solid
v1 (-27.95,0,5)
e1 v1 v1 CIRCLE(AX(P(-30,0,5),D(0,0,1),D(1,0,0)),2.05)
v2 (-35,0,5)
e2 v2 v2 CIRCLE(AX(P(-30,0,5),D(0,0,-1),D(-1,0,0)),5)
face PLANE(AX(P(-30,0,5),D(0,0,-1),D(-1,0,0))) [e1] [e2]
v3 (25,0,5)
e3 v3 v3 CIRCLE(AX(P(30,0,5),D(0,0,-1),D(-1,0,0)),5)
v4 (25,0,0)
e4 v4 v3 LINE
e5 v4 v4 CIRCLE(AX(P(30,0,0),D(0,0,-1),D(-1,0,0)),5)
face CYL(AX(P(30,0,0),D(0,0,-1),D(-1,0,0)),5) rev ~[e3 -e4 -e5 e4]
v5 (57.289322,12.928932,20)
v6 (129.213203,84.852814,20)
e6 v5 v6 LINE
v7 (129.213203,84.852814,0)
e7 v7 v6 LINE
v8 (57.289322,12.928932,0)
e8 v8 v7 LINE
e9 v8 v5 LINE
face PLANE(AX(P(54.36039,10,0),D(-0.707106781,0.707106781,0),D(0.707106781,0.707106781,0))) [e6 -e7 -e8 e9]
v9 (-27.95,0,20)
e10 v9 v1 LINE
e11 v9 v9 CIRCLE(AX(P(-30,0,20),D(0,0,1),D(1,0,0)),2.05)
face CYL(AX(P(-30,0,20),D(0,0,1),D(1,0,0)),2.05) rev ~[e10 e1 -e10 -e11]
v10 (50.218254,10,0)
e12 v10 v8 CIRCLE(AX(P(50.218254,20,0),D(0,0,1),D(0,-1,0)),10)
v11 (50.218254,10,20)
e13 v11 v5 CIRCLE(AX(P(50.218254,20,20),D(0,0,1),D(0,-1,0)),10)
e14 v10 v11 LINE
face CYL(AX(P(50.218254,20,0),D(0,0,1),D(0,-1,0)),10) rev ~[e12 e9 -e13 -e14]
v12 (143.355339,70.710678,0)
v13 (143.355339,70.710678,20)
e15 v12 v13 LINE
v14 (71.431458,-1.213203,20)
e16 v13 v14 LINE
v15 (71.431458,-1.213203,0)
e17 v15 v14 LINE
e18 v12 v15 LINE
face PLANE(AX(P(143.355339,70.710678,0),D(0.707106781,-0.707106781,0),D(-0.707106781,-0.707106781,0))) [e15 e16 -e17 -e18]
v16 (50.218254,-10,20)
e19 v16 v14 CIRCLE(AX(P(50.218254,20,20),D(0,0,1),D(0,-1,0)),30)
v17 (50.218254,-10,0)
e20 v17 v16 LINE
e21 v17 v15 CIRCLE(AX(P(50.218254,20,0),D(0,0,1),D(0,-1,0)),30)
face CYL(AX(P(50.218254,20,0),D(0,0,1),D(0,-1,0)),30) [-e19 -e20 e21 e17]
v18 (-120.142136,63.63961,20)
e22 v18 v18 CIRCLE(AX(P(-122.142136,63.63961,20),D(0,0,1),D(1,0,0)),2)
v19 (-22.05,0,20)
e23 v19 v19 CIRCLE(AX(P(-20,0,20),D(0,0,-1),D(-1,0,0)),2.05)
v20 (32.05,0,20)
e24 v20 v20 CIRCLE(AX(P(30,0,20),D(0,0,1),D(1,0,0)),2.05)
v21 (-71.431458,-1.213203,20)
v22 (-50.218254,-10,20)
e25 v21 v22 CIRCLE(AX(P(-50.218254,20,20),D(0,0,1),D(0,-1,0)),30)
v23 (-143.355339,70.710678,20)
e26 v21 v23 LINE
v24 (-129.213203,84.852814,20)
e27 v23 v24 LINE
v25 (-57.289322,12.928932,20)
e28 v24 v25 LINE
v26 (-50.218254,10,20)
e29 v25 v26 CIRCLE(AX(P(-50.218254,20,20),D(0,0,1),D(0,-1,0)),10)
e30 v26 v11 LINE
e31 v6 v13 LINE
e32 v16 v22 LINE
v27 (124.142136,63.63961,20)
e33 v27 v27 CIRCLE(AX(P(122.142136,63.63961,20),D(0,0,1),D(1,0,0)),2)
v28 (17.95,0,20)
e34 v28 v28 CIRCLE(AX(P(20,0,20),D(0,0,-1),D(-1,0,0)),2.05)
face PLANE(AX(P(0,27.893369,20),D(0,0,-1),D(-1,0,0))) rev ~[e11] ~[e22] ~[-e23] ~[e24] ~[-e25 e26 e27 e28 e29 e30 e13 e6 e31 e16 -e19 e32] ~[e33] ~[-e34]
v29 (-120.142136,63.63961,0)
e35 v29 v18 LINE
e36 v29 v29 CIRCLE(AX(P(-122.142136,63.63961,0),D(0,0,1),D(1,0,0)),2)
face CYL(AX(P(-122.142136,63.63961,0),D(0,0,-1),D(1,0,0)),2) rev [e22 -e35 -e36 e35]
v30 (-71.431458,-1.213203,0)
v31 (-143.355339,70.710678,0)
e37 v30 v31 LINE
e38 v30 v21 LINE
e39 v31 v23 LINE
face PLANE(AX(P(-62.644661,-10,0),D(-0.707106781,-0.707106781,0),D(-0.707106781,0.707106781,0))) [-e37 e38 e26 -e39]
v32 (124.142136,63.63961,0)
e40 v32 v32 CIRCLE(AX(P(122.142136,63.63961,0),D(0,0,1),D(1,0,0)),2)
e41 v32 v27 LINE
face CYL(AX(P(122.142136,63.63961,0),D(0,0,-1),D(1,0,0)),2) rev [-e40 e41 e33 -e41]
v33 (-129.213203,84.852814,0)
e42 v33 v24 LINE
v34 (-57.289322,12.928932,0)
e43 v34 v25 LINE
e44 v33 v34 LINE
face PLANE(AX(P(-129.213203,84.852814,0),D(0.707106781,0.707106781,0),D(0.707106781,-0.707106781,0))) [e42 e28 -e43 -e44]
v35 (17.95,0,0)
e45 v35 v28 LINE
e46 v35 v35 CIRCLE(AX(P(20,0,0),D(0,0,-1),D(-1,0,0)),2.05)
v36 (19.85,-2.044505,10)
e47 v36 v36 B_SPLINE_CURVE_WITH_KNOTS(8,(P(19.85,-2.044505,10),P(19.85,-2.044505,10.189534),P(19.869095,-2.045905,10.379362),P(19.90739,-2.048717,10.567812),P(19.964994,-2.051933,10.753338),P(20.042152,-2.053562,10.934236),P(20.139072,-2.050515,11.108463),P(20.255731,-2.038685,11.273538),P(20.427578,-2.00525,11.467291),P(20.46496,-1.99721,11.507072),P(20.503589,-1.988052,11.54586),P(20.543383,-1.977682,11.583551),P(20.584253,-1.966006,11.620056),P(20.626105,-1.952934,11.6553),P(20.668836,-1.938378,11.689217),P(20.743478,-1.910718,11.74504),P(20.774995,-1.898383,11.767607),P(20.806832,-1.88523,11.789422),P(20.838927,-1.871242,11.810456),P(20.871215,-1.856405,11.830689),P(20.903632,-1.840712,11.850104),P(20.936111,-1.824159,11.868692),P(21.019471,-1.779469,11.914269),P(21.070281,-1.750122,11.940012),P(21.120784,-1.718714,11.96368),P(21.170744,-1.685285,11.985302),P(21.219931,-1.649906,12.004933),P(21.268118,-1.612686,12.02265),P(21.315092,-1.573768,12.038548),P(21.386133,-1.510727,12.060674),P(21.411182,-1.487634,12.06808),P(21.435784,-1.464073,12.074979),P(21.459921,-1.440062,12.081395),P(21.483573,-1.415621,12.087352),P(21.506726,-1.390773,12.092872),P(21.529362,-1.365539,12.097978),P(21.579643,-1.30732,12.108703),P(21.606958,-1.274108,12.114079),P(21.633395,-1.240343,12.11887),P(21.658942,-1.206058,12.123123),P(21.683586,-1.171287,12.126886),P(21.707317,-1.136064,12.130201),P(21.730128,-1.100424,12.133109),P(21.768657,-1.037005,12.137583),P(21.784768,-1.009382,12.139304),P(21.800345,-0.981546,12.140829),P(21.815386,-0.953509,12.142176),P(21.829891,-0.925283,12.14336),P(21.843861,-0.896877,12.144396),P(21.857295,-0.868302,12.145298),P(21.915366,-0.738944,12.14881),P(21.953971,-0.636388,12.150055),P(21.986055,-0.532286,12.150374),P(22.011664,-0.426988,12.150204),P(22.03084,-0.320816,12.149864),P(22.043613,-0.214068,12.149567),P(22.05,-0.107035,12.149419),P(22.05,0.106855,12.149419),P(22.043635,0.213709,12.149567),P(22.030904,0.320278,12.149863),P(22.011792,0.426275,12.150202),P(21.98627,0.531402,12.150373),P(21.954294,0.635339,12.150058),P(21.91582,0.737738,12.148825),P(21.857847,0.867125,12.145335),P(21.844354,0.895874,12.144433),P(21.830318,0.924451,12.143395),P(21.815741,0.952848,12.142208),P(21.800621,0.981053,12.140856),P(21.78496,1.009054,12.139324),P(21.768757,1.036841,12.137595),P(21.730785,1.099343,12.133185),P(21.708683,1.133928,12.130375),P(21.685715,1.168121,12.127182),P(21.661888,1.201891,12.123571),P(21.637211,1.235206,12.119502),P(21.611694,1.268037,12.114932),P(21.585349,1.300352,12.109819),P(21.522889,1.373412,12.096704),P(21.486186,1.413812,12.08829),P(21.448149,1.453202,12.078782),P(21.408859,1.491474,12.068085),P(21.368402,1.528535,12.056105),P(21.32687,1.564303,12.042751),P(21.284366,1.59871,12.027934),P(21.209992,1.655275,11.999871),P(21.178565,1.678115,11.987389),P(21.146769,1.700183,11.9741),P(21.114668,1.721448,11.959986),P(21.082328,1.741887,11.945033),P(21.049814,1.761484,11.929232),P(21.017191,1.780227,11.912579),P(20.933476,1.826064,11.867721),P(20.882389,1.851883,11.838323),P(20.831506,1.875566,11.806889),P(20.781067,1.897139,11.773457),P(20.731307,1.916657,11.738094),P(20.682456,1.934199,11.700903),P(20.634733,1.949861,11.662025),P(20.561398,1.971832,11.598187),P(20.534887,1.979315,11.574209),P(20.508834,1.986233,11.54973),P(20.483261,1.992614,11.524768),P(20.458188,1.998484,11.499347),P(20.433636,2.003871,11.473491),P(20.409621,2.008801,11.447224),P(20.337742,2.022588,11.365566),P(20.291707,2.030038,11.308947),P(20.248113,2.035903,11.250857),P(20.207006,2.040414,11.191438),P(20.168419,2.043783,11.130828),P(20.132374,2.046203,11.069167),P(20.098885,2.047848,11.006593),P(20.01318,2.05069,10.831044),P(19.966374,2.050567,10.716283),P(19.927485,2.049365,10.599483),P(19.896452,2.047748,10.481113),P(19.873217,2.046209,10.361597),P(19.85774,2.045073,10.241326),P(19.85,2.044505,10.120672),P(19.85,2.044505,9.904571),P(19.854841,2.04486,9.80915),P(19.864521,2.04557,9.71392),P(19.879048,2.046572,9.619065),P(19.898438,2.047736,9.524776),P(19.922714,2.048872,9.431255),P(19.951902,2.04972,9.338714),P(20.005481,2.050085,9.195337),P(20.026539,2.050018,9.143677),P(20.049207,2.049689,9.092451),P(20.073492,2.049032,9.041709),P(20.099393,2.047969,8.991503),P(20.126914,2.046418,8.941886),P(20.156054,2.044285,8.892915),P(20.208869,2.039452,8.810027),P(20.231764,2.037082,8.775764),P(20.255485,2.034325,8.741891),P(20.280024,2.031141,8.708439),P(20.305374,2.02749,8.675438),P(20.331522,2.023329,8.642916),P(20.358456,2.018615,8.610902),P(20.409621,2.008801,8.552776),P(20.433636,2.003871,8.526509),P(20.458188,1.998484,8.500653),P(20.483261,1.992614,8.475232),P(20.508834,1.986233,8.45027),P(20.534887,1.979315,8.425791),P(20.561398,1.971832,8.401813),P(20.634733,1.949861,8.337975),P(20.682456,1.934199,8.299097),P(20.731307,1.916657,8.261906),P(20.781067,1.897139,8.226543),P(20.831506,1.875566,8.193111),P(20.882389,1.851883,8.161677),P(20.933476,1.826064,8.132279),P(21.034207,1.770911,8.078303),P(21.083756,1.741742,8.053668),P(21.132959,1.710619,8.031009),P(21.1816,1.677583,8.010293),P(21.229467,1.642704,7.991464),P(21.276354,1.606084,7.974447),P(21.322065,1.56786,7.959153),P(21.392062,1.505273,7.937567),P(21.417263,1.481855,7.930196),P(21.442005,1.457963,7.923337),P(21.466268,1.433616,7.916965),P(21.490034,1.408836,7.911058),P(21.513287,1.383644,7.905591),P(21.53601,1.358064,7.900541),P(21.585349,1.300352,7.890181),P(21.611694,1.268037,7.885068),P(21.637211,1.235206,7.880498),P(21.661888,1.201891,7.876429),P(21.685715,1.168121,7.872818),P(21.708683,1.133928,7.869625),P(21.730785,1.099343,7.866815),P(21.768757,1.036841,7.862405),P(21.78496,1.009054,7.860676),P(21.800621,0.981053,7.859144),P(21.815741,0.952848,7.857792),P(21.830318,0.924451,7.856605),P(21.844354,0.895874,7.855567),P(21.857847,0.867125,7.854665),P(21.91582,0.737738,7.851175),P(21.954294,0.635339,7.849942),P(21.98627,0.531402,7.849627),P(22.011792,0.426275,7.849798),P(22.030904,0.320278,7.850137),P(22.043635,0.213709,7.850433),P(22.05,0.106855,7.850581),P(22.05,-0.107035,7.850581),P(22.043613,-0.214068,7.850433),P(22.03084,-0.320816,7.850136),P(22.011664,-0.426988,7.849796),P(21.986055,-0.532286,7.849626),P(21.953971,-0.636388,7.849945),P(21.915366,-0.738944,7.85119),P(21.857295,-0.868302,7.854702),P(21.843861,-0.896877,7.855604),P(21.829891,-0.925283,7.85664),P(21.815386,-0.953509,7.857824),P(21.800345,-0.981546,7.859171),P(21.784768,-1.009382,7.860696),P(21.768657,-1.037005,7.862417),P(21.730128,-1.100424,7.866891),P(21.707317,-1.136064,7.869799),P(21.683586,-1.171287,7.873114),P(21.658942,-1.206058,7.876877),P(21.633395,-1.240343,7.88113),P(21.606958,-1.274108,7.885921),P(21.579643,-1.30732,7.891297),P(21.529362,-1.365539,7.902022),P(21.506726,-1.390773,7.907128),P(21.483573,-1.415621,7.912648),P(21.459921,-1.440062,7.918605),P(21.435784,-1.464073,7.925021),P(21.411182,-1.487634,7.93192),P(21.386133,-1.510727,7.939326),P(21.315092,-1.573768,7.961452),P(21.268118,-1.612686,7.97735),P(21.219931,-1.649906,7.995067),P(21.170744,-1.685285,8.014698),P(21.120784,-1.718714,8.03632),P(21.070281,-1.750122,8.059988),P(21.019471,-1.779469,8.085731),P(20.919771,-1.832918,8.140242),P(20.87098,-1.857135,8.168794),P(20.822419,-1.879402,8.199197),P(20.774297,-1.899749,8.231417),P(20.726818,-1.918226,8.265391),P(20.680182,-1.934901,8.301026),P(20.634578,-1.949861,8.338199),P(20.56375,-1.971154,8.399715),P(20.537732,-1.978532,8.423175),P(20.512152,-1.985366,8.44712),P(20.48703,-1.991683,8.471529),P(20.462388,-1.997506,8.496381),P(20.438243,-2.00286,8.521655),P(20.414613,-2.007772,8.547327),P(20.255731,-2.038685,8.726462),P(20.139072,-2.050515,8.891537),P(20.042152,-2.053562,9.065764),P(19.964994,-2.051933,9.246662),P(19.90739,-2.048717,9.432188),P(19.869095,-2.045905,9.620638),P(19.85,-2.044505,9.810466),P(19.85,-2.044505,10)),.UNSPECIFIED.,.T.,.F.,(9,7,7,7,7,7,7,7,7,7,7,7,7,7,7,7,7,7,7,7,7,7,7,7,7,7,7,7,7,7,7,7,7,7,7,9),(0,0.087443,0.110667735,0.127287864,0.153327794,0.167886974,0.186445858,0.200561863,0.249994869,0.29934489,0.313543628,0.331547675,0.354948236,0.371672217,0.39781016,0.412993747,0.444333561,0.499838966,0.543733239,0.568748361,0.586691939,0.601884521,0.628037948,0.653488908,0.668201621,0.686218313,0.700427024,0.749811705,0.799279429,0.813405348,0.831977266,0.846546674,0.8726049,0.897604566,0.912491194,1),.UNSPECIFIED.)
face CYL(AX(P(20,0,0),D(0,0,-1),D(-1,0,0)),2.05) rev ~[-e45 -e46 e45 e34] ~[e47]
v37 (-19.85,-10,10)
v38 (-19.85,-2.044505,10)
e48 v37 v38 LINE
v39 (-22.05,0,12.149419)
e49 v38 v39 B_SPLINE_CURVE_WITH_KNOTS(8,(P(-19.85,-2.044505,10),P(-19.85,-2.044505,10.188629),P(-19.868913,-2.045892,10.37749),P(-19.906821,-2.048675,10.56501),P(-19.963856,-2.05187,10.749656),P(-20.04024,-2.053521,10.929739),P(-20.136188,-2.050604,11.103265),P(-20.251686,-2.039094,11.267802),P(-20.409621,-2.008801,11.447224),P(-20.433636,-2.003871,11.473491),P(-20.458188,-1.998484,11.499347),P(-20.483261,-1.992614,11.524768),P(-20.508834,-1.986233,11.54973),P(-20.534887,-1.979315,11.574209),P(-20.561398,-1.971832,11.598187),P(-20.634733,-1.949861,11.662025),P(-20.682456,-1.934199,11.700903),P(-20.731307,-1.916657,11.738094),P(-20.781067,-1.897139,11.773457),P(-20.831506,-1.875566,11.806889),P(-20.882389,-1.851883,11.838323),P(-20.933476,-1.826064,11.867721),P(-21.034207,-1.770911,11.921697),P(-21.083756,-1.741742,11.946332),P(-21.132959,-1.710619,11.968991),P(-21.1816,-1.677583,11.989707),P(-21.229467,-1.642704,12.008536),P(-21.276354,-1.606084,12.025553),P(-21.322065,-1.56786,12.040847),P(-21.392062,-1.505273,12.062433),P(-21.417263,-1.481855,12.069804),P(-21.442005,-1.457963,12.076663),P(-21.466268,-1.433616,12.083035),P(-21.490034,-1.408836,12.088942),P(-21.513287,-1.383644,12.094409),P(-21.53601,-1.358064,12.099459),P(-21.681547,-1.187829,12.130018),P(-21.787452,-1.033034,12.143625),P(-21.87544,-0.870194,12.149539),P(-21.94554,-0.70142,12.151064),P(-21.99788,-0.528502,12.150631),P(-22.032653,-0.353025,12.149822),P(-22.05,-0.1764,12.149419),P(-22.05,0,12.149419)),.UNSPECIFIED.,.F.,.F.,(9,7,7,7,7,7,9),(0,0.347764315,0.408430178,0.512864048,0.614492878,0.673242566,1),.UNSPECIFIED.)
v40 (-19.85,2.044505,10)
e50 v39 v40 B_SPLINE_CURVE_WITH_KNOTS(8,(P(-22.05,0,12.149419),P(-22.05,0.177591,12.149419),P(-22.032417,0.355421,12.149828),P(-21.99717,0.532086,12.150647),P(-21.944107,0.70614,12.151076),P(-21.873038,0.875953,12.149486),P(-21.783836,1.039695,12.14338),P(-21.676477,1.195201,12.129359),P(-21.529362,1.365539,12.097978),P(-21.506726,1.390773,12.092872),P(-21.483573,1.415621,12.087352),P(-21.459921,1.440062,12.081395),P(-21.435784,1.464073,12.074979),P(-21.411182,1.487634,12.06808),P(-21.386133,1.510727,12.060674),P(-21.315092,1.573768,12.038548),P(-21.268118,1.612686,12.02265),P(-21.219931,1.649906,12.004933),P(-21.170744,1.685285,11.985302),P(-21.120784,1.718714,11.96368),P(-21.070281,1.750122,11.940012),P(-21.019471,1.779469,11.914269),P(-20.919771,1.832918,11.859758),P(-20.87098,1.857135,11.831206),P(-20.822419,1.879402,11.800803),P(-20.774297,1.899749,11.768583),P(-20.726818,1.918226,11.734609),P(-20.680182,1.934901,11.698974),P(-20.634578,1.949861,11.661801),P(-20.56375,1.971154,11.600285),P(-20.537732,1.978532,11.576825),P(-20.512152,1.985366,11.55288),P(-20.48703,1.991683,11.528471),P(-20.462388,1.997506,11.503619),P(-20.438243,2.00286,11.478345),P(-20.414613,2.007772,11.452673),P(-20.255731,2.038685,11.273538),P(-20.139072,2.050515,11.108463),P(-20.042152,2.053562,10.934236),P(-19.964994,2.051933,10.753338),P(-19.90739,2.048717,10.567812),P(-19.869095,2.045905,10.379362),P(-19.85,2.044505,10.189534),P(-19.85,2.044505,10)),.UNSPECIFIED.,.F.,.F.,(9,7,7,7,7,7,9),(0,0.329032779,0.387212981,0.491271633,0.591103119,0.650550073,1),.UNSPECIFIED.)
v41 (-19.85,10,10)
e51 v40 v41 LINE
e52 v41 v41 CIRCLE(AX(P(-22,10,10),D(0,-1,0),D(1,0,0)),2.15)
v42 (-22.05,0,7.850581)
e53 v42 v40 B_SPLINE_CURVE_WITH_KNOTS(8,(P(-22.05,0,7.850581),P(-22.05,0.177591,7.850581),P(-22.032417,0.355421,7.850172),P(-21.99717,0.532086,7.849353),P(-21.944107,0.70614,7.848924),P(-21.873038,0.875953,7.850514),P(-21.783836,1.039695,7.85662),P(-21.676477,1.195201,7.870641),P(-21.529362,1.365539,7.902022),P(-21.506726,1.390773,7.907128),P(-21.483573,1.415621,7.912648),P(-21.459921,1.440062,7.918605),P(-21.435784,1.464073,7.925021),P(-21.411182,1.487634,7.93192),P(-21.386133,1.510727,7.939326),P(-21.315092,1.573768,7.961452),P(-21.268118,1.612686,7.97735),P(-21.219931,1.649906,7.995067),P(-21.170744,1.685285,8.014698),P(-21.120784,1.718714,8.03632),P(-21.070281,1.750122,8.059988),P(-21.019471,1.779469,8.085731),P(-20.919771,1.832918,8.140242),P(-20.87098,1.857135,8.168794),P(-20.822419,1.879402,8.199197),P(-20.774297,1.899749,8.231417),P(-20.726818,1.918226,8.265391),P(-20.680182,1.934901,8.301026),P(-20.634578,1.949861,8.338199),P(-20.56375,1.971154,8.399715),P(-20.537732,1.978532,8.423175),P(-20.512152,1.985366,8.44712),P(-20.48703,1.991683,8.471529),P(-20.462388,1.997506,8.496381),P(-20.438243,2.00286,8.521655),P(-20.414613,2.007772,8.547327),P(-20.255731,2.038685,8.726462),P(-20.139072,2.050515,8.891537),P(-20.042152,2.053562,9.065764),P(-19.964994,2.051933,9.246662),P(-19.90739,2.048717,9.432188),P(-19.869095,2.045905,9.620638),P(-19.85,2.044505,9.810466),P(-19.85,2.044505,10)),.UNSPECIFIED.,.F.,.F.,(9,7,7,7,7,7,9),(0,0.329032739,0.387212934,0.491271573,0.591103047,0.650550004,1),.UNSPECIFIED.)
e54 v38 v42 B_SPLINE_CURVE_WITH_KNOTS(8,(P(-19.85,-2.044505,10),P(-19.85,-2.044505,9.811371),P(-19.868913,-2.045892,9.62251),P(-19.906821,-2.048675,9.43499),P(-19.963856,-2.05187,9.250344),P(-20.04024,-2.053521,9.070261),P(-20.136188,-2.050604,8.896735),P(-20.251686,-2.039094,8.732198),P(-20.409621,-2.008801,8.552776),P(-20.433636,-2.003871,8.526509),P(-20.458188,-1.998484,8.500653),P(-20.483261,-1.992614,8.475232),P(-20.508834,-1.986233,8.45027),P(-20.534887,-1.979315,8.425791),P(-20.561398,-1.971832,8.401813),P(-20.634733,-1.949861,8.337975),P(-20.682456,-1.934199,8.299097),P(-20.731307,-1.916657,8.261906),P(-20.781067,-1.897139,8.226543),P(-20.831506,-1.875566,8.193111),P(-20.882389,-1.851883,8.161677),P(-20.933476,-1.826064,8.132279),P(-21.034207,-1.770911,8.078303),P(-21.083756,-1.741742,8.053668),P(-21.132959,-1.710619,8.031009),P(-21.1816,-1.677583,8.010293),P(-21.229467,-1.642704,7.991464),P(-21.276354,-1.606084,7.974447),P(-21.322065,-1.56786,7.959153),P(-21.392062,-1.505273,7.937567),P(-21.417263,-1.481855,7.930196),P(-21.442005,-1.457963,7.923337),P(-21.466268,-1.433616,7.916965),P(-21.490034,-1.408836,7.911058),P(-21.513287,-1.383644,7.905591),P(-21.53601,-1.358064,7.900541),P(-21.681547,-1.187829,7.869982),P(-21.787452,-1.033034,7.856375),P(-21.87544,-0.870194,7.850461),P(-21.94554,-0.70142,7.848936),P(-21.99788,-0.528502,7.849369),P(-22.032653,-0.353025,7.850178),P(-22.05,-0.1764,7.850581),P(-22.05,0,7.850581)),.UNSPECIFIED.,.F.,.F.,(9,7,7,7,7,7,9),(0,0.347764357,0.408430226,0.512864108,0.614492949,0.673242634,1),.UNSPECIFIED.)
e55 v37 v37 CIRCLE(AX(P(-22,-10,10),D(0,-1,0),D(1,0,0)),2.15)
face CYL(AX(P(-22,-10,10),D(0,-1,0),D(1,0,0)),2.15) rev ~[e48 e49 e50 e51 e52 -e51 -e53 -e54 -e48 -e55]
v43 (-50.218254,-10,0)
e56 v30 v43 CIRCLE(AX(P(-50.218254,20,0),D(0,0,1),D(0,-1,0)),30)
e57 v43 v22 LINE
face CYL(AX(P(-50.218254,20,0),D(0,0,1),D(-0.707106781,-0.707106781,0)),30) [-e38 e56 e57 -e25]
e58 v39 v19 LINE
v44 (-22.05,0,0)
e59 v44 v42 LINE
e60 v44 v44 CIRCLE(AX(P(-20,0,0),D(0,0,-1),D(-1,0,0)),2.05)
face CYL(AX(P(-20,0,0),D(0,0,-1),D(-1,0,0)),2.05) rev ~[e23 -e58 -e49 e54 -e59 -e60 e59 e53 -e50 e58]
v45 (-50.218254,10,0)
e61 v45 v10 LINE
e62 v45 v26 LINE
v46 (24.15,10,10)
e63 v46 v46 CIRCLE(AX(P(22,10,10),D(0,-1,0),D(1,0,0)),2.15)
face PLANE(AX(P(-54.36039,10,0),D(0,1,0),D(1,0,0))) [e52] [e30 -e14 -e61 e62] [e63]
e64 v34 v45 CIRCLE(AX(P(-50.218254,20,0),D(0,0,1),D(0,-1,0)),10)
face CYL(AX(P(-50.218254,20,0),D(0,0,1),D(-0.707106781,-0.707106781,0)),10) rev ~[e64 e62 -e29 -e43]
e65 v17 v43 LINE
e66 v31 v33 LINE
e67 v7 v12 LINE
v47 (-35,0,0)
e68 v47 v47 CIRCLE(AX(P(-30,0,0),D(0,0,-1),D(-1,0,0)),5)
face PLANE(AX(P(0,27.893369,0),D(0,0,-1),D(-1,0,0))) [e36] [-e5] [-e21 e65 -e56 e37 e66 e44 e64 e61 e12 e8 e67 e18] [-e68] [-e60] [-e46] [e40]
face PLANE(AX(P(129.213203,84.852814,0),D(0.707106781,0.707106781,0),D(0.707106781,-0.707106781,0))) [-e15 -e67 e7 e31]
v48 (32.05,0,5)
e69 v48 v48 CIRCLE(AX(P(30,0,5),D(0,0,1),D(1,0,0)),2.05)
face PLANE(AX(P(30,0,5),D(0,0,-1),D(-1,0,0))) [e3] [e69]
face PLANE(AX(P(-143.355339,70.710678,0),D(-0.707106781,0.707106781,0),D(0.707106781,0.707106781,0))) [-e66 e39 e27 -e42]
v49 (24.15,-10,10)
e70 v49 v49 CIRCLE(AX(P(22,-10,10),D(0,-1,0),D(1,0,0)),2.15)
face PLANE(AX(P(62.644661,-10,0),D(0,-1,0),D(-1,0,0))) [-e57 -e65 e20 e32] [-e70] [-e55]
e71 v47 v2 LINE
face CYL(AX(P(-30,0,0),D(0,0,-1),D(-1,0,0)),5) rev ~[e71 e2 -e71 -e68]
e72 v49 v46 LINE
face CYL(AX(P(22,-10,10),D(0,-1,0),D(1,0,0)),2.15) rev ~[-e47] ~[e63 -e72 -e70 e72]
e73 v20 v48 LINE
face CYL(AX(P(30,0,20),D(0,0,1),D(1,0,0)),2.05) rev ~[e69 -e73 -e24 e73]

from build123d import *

# Parameters (mm, degrees)
SKETCH_1_R          = 2
EXTRUDE_1_DEPTH     = 20
FILLET_1_R          = 10
FILLET_2_R          = 30
SKETCH_2_R          = 2.05
CUT_EXTRUDE_1_DEPTH = 50
SKETCH_3_R          = 5
CUT_EXTRUDE_2_DEPTH = 5
SKETCH_4_R          = 2.05
CUT_EXTRUDE_3_DEPTH = 29
SKETCH_5_R          = 2.15
CUT_EXTRUDE_4_DEPTH = 29


with BuildPart() as part:
    # 草图1 → 凸台-拉伸1 (new body)
    with BuildSketch(Plane.XY):
        Polygon((-143.355339059, 70.710678119), (-129.213203436, 84.852813742), (-54.360389693, 10), (54.360389693, 10), (129.213203436, 84.852813742), (143.355339059, 70.710678119), (62.644660941, -10), (-62.644660941, -10), align=None)
        with Locations((-122.142135624, 63.639610307)):
            Circle(SKETCH_1_R, mode=Mode.SUBTRACT)
        with Locations((122.142135624, 63.639610307)):
            Circle(SKETCH_1_R, mode=Mode.SUBTRACT)
    extrude(amount=EXTRUDE_1_DEPTH)

    # 圆角1
    fillet_1_edges = [part.edges().sort_by_distance(p)[0] for p in [
        (-54.360389693, 10, 10),
        (54.360389693, 10, 10),
    ]]
    fillet(fillet_1_edges, radius=FILLET_1_R)

    # 圆角2
    fillet_2_edges = [part.edges().sort_by_distance(p)[0] for p in [
        (62.644660941, -10, 10),
        (-62.644660941, -10, 10),
    ]]
    fillet(fillet_2_edges, radius=FILLET_2_R)

    # 草图2 → 切除-拉伸1 (cut)
    with BuildSketch(Plane.XY.offset(20)):
        with Locations((-30, 0)):
            Circle(SKETCH_2_R)
        with Locations((30, 0)):
            Circle(SKETCH_2_R)
    extrude(amount=-CUT_EXTRUDE_1_DEPTH, mode=Mode.SUBTRACT)

    # 草图3 → 切除-拉伸2 (cut)
    with BuildSketch(Plane(origin=(0, 0, 0), x_dir=(-1, 0, 0), z_dir=(0, 0, -1))):
        with Locations((-30, 0)):
            Circle(SKETCH_3_R)
        with Locations((30, 0)):
            Circle(SKETCH_3_R)
    extrude(amount=-CUT_EXTRUDE_2_DEPTH, mode=Mode.SUBTRACT)

    # 草图4 → 切除-拉伸3 (cut)
    with BuildSketch(Plane(origin=(0, 0, 0), x_dir=(-1, 0, 0), z_dir=(0, 0, -1))):
        with Locations((-20, 0)):
            Circle(SKETCH_4_R)
        with Locations((20, 0)):
            Circle(SKETCH_4_R)
    extrude(amount=-CUT_EXTRUDE_3_DEPTH, mode=Mode.SUBTRACT)

    # 草图5 → 切除-拉伸4 (cut)
    with BuildSketch(Plane.XZ.offset(10)):
        with Locations((-22, 10)):
            Circle(SKETCH_5_R)
        with Locations((22, 10)):
            Circle(SKETCH_5_R)
    extrude(amount=-CUT_EXTRUDE_4_DEPTH, mode=Mode.SUBTRACT)


solid = part.part
